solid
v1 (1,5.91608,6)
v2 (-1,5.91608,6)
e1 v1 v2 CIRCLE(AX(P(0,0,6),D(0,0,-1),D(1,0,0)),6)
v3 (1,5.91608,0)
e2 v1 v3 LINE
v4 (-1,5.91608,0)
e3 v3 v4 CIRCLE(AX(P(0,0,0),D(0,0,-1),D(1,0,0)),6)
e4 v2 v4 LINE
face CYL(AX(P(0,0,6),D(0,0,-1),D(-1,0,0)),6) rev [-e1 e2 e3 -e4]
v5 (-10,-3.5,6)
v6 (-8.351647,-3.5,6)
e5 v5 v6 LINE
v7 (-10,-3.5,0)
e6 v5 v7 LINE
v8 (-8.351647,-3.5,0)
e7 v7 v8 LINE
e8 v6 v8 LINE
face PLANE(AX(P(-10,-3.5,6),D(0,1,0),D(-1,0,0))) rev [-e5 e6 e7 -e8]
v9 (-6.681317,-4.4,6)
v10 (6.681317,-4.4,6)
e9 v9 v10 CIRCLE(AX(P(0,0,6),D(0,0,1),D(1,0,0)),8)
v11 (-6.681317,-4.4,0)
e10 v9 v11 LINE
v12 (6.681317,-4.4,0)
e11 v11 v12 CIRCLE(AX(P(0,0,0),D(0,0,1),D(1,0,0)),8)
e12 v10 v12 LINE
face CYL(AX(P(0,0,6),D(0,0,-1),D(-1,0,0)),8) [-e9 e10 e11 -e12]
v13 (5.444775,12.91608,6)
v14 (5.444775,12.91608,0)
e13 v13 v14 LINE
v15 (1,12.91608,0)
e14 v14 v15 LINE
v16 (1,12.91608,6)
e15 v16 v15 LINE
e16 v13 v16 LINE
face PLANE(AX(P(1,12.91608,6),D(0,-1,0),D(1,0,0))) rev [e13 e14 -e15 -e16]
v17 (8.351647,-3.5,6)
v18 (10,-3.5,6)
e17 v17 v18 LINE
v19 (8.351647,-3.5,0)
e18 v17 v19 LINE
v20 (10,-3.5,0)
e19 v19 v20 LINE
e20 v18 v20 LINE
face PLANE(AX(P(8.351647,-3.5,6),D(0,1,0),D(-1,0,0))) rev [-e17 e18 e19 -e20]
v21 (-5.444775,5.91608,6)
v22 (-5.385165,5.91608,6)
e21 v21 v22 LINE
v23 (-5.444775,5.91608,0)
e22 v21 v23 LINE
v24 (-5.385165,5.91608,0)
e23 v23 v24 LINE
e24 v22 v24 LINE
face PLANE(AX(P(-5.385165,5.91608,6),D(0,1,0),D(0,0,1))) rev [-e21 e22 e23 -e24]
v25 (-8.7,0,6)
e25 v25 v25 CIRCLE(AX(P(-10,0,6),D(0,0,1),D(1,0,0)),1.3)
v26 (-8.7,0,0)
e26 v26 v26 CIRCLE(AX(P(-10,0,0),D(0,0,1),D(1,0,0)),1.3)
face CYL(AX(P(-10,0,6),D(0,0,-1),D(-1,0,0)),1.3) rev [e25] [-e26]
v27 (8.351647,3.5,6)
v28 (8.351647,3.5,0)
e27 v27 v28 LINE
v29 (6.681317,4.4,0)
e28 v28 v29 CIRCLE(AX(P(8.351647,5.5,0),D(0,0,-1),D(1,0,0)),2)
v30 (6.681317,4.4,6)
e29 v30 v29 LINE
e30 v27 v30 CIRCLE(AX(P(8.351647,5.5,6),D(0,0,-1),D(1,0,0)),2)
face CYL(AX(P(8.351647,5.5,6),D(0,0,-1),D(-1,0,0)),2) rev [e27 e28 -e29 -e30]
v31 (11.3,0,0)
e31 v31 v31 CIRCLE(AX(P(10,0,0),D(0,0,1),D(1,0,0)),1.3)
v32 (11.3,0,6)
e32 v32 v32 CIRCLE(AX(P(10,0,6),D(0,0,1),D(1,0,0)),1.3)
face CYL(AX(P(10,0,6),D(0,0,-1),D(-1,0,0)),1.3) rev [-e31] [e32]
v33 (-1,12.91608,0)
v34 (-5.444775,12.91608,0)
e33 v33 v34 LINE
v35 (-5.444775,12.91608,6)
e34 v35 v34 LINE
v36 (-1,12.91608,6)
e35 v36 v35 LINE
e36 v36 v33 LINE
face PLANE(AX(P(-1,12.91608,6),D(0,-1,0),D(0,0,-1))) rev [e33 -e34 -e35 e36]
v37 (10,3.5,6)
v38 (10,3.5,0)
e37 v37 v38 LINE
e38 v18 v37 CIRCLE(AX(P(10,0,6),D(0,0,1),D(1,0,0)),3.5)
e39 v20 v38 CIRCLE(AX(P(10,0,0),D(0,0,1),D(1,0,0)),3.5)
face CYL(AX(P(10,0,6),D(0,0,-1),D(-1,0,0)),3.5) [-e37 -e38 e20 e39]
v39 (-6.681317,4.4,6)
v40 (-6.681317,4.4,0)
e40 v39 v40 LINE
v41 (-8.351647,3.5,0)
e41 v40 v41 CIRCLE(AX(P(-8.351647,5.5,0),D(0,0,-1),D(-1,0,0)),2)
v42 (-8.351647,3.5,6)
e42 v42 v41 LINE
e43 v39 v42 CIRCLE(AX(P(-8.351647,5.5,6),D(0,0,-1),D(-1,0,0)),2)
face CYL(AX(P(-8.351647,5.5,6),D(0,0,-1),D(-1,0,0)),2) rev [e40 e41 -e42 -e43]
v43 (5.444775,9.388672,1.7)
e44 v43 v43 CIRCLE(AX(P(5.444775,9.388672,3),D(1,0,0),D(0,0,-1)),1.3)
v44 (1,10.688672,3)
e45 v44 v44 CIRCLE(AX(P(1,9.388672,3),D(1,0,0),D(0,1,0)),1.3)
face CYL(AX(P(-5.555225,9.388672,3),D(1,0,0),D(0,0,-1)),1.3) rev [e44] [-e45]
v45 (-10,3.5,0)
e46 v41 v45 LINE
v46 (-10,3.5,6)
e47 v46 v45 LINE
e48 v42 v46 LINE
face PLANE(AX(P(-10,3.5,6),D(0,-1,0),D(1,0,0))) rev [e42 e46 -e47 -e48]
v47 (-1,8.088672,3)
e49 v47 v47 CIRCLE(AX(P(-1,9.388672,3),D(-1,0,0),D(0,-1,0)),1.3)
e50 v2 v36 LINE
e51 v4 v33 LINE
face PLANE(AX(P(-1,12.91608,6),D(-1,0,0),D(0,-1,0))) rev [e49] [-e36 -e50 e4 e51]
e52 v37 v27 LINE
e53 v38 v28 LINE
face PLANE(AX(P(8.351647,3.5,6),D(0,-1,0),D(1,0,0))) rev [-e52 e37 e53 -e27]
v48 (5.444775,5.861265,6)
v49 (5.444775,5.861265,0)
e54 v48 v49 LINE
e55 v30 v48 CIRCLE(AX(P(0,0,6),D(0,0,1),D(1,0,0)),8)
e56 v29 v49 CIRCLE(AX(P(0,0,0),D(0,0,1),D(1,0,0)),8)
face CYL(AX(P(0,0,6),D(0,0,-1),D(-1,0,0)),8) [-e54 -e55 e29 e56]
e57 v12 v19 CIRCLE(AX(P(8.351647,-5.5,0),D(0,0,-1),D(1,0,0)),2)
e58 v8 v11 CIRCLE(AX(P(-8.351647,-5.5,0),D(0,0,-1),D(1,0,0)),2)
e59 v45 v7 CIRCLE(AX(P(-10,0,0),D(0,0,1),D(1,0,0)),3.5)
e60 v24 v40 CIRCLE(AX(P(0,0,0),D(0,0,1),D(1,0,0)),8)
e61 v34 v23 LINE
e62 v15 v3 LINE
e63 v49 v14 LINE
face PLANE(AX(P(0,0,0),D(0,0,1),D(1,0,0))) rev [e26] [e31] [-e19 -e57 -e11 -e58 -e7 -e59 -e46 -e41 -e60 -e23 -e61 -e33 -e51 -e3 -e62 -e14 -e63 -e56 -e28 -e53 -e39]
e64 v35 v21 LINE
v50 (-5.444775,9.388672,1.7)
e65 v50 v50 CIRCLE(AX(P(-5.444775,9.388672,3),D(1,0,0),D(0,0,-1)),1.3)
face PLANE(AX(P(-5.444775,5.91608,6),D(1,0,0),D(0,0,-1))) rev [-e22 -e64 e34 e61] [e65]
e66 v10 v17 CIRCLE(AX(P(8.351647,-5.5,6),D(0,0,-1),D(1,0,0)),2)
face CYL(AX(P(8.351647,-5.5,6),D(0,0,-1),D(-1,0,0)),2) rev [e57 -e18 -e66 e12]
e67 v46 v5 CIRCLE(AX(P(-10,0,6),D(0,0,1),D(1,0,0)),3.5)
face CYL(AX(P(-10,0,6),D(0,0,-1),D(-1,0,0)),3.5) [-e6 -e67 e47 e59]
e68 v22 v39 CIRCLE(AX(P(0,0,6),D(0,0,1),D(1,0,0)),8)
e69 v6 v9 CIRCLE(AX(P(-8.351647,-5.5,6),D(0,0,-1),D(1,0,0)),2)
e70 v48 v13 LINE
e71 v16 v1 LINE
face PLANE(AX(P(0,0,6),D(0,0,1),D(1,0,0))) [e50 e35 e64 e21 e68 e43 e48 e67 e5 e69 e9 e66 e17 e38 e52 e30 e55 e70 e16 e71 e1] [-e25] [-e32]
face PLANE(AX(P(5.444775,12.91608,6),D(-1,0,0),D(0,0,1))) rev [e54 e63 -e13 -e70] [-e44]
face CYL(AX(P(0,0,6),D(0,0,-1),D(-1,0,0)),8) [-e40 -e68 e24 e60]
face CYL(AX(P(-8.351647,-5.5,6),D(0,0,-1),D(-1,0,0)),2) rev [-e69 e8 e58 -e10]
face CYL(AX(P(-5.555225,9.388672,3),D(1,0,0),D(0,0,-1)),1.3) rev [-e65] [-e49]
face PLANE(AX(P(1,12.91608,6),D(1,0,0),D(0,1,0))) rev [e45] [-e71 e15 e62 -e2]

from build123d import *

# Parameters (mm, degrees)
SKETCH1_R           = 1.3
BOSS_EXTRUDE1_DEPTH = 6
SKETCH2_R           = 1.3
CUT_EXTRUDE1_DEPTH  = 11


with BuildPart() as part:
    # Sketch1 → Boss-Extrude1 (new body)
    with BuildSketch(Plane.XY):
        with BuildLine():
            Line((-10, 3.5), (-8.351646544, 3.5))
            ThreePointArc((-8.351646544, 3.5), (-7.402963246, 3.739318314), (-6.681317235, 4.4))
            ThreePointArc((-6.681317235, 4.4), (-6.080676089, 5.198593877), (-5.385164807, 5.916079783))
            Line((-5.385164807, 5.916079783), (-5.444775123, 5.916079783))
            Line((-5.444775123, 5.916079783), (-5.444775123, 12.916079783))
            Line((-5.444775123, 12.916079783), (-1, 12.916079783))
            Line((-1, 12.916079783), (-1, 5.916079783))
            ThreePointArc((-1, 5.916079783), (0, -6), (1, 5.916079783))
            Line((1, 5.916079783), (1, 12.916079783))
            Line((1, 12.916079783), (5.444775123, 12.916079783))
            Line((5.444775123, 12.916079783), (5.444775123, 5.861264698))
            ThreePointArc((5.444775123, 5.861264698), (6.106910233, 5.16775071), (6.681317235, 4.4))
            ThreePointArc((6.681317235, 4.4), (7.402963246, 3.739318314), (8.351646544, 3.5))
            Line((8.351646544, 3.5), (10, 3.5))
            ThreePointArc((10, 3.5), (13.5, 0), (10, -3.5))
            Line((10, -3.5), (8.351646544, -3.5))
            ThreePointArc((8.351646544, -3.5), (7.402963246, -3.739318314), (6.681317235, -4.4))
            ThreePointArc((6.681317235, -4.4), (0, -8), (-6.681317235, -4.4))
            ThreePointArc((-6.681317235, -4.4), (-7.402963246, -3.739318314), (-8.351646544, -3.5))
            Line((-8.351646544, -3.5), (-10, -3.5))
            ThreePointArc((-10, -3.5), (-13.5, 0), (-10, 3.5))
        make_face()
        with Locations((-10, 0)):
            Circle(SKETCH1_R, mode=Mode.SUBTRACT)
        with Locations((10, 0)):
            Circle(SKETCH1_R, mode=Mode.SUBTRACT)
    extrude(amount=BOSS_EXTRUDE1_DEPTH)

    # Sketch2 → Cut-Extrude1 (cut)
    with BuildSketch(Plane(origin=(5.444775123, 0, 0), x_dir=(0, 0, -1), z_dir=(1, 0, 0))):
        with Locations((-3, 9.388672241)):
            Circle(SKETCH2_R)
    extrude(amount=-CUT_EXTRUDE1_DEPTH, mode=Mode.SUBTRACT)


solid = part.part
